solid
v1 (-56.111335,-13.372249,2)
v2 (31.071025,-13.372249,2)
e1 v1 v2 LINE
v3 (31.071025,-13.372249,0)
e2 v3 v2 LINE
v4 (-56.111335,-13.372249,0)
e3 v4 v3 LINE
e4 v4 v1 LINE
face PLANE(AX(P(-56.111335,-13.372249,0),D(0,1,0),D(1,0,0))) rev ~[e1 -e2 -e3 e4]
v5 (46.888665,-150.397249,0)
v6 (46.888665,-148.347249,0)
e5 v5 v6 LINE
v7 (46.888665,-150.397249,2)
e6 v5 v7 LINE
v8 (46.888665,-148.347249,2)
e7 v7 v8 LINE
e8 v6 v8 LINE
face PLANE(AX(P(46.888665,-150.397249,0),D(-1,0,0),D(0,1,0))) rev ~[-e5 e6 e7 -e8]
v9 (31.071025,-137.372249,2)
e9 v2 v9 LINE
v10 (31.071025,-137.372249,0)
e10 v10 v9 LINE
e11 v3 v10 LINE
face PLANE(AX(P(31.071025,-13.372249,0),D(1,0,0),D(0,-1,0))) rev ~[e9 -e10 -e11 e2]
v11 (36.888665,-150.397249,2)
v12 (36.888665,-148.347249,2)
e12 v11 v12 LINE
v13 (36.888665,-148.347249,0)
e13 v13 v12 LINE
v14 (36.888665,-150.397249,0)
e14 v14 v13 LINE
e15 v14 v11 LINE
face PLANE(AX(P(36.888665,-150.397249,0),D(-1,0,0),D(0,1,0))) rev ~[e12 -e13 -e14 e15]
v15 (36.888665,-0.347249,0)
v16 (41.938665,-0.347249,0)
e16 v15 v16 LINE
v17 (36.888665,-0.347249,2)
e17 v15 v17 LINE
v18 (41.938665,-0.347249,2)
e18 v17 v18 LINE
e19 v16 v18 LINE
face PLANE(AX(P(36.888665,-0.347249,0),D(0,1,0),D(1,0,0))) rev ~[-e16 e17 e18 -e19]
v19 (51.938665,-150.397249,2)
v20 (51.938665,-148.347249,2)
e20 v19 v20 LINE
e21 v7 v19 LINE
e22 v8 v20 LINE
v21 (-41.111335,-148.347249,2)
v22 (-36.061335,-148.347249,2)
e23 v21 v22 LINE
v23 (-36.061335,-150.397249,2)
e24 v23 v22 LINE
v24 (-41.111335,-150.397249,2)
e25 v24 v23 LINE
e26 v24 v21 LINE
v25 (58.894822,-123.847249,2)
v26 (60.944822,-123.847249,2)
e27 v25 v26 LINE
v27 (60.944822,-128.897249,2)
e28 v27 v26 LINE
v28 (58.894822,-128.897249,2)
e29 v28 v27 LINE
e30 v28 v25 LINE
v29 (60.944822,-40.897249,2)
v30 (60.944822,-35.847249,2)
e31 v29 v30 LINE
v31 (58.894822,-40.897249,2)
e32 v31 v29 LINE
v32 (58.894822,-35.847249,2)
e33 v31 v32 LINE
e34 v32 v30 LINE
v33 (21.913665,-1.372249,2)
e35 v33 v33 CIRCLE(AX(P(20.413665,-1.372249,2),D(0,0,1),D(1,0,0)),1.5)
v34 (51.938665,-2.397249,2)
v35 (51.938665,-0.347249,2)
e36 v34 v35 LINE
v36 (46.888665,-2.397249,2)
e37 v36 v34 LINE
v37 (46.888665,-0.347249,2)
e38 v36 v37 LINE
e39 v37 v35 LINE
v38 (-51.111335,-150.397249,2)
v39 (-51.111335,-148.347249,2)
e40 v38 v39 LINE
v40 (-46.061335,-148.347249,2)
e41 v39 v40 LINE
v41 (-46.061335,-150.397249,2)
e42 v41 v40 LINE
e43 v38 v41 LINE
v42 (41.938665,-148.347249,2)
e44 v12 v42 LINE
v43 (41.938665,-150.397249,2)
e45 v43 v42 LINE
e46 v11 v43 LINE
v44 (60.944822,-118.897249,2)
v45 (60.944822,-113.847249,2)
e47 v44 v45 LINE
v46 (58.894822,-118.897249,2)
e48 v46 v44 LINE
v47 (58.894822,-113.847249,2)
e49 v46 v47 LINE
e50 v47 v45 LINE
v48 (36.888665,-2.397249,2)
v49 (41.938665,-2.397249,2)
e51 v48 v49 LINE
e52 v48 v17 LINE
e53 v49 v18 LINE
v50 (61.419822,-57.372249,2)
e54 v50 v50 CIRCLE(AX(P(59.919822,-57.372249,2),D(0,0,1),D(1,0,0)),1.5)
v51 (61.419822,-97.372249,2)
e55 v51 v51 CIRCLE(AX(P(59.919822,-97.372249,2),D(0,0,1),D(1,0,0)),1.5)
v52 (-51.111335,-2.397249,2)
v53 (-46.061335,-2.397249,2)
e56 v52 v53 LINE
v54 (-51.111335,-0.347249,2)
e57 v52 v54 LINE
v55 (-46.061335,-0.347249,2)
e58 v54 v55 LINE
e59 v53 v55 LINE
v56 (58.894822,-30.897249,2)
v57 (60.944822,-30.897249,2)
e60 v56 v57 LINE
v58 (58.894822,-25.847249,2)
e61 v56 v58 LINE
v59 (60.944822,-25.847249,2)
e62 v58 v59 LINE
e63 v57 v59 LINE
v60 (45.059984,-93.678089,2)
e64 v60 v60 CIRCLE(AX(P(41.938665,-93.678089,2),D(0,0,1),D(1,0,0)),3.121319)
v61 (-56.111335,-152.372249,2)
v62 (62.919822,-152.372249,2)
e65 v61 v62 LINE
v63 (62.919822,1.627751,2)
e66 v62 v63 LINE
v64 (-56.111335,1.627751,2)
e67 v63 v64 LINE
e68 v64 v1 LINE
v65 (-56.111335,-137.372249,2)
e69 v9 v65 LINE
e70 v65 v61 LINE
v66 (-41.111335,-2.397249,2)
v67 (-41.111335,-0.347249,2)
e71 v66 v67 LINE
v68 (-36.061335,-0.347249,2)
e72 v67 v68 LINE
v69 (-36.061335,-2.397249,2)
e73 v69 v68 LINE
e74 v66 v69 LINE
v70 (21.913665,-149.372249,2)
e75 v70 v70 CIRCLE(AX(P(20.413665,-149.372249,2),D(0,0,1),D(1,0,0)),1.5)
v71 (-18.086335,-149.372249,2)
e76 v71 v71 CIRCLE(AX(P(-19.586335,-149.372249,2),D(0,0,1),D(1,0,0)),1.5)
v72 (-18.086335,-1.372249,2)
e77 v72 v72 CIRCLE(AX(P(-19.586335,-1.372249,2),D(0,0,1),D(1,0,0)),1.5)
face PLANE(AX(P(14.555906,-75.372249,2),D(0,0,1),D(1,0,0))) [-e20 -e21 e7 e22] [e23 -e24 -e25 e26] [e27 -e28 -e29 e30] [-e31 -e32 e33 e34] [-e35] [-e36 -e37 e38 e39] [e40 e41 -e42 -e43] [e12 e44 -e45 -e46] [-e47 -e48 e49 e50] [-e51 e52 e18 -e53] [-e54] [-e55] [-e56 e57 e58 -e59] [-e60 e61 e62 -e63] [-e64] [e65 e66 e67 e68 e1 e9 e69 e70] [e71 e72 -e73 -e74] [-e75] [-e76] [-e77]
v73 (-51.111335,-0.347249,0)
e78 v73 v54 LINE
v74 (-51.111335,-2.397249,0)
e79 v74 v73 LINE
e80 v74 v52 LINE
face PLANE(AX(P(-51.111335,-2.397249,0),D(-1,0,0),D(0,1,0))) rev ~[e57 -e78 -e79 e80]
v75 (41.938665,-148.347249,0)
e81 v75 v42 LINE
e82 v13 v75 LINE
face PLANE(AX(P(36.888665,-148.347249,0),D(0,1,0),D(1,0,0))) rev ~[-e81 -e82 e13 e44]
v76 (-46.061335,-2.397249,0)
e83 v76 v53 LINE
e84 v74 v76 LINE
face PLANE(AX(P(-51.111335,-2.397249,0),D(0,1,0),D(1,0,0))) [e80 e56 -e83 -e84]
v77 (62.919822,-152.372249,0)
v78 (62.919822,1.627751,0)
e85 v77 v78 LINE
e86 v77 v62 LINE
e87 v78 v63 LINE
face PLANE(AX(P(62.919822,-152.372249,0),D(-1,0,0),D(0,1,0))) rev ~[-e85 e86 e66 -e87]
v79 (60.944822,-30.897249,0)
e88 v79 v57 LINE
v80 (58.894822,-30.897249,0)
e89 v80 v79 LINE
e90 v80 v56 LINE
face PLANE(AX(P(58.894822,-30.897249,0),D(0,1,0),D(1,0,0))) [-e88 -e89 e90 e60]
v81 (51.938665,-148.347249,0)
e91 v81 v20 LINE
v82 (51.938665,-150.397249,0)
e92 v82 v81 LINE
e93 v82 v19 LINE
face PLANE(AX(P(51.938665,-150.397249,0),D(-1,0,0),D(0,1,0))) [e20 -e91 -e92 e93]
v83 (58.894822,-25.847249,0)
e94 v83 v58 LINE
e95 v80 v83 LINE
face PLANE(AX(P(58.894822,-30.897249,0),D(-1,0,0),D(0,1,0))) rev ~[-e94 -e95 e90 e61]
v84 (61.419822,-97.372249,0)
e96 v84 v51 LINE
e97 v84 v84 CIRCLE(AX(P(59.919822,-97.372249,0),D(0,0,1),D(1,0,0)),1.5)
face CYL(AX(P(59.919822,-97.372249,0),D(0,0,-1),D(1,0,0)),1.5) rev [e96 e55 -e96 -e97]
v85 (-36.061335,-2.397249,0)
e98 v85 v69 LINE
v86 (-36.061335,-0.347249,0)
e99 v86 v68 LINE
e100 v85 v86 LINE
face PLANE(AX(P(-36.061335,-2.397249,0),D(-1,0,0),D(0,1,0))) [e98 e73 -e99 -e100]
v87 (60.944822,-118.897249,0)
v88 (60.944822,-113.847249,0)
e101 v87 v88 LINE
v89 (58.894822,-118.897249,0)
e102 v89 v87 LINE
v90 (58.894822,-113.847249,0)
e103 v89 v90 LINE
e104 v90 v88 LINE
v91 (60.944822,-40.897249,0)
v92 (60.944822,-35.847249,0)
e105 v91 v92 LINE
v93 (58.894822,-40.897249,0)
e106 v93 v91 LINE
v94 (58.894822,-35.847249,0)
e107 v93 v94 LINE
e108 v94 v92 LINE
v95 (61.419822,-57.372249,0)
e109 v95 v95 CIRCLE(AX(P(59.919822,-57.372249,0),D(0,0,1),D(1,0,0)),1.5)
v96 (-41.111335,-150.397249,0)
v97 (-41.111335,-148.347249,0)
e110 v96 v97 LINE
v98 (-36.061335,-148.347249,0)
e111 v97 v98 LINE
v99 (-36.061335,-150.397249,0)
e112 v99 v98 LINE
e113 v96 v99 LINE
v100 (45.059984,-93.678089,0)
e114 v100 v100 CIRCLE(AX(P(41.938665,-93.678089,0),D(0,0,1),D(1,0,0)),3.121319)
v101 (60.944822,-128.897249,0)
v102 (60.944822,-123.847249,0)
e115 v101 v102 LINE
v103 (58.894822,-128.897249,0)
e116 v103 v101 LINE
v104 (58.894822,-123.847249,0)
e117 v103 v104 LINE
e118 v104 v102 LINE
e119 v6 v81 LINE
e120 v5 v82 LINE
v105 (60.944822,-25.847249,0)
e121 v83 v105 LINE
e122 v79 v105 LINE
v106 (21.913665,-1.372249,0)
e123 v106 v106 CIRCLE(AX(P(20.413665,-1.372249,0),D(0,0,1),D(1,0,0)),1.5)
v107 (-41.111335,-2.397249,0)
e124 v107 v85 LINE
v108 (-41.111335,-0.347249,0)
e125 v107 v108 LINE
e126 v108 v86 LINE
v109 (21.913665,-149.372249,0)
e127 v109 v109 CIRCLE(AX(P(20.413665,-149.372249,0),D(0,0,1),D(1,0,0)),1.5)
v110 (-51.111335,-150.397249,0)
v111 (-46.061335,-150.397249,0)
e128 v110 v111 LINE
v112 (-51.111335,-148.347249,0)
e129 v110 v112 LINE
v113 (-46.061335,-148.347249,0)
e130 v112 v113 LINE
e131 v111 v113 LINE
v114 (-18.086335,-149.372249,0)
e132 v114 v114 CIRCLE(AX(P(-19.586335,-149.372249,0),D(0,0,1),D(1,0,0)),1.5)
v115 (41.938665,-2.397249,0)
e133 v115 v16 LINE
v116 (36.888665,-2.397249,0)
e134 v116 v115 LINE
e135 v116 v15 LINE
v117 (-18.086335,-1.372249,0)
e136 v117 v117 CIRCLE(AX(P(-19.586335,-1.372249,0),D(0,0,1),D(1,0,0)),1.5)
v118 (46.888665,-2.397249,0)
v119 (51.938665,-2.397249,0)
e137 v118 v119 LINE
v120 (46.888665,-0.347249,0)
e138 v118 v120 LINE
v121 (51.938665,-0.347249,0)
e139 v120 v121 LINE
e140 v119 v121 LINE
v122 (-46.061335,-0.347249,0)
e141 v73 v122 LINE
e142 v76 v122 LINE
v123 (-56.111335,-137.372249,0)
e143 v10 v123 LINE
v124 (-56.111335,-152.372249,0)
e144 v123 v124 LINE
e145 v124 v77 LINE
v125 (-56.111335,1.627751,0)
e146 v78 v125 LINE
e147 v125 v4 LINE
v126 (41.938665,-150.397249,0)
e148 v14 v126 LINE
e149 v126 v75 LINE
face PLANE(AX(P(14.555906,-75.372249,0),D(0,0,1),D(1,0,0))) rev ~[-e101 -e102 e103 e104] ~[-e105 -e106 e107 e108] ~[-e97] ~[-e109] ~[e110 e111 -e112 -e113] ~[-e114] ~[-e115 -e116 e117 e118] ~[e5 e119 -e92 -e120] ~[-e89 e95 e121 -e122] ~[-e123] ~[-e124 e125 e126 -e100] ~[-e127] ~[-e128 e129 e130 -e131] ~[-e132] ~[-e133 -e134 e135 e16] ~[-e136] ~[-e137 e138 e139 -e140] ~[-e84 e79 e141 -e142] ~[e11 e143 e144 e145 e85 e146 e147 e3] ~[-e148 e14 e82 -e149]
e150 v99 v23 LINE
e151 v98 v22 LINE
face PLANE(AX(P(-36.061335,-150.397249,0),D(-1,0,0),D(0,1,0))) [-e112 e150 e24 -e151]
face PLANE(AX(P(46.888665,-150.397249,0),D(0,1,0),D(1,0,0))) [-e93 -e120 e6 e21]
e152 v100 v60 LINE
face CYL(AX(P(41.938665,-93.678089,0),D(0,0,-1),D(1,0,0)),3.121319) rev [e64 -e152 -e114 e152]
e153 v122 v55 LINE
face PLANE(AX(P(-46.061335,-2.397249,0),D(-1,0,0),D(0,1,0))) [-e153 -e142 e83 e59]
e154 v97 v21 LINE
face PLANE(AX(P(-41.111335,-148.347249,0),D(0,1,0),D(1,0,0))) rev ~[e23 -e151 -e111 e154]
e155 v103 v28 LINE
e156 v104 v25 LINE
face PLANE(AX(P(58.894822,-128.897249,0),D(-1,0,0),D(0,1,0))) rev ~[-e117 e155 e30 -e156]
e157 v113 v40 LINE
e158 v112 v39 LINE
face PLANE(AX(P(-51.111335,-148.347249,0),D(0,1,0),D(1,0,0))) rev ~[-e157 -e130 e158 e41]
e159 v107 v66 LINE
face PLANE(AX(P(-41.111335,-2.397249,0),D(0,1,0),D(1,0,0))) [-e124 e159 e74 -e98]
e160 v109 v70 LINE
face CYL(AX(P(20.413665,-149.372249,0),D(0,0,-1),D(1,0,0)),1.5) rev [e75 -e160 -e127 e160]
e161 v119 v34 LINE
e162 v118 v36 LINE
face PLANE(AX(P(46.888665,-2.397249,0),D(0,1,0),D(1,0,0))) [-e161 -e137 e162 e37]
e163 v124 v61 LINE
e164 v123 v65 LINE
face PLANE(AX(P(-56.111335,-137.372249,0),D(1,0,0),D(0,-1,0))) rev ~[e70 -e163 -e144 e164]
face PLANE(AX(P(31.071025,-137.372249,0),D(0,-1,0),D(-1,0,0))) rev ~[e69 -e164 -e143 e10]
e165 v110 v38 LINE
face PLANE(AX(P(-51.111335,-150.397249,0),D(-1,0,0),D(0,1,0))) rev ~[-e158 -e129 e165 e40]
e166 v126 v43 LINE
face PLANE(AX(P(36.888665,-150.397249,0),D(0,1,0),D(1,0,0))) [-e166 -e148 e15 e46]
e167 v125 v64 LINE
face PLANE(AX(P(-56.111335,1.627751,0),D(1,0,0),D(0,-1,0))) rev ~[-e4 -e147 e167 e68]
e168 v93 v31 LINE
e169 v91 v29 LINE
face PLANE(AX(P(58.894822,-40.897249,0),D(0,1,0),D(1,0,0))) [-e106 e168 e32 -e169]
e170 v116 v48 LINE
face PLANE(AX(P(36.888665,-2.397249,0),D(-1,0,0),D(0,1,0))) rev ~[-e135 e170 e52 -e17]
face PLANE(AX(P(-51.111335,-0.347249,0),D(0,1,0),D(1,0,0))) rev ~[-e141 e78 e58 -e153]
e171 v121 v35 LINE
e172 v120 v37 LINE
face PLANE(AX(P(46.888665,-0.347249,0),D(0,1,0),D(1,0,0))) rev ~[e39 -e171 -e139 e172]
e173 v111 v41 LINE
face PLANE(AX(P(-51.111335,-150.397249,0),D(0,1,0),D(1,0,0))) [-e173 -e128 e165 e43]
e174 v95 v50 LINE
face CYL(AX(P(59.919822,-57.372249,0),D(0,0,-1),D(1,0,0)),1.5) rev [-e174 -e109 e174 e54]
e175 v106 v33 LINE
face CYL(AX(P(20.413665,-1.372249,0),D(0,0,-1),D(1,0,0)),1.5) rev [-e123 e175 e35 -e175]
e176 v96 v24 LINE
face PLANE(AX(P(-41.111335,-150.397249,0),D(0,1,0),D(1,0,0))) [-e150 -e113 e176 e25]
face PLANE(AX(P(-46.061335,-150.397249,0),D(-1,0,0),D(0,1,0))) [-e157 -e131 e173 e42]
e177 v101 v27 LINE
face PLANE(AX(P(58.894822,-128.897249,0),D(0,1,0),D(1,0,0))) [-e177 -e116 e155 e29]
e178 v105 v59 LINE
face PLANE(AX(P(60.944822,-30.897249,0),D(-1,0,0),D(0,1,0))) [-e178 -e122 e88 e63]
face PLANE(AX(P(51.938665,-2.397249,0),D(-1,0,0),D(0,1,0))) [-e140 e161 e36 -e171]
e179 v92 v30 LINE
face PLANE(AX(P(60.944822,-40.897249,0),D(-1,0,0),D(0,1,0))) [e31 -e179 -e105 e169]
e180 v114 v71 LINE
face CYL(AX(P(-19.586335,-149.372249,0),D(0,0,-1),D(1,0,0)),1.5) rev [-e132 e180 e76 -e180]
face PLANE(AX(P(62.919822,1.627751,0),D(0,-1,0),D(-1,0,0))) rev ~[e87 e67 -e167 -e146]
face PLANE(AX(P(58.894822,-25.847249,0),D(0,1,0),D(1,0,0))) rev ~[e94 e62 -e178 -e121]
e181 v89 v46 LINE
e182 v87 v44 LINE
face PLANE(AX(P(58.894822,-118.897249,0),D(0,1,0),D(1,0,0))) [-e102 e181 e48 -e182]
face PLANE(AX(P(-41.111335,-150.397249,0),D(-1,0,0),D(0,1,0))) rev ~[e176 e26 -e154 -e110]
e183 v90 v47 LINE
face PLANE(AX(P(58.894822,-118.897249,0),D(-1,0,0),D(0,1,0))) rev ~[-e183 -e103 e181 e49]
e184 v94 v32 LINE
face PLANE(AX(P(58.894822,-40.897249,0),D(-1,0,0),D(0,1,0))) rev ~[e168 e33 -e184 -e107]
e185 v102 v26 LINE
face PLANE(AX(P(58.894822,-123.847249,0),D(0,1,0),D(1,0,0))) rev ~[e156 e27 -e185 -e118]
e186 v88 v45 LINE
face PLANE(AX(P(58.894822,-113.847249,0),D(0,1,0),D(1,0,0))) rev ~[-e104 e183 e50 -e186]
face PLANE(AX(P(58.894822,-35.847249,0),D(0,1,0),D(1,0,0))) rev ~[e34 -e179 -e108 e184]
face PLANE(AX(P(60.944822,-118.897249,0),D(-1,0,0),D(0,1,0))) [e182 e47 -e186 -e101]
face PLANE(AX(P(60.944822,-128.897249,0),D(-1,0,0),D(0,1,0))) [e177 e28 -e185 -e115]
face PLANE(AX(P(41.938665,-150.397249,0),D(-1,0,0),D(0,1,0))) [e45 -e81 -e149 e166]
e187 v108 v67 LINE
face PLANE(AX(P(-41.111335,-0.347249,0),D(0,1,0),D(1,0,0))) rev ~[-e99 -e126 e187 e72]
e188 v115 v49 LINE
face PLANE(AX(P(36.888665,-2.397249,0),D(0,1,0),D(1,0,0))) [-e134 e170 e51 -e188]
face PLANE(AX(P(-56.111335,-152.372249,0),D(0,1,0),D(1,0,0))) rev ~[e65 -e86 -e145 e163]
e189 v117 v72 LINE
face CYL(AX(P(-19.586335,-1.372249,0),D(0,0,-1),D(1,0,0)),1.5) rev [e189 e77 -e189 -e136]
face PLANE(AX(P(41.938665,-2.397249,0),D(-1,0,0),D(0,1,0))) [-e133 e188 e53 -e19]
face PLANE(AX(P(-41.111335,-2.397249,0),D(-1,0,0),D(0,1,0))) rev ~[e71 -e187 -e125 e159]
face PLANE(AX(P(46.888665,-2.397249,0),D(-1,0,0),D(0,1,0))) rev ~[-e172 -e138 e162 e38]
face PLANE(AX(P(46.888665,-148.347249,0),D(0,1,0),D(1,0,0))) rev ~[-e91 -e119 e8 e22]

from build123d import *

# Parameters (mm, degrees)
SKETCH_1_R      = 1.5
SKETCH_1_R_2    = 3.121318996
SKETCH_1_W      = 5.05
SKETCH_1_H      = 2.05
SKETCH_1_W_2    = 2.05
SKETCH_1_H_2    = 5.05
EXTRUDE_1_DEPTH = 2


with BuildPart() as part:
    # 草图1 → 凸台-拉伸1 (new body)
    with BuildSketch(Plane.XY):
        Polygon((-56.111334712, -13.372248853), (31.071025228, -13.372248853), (31.071025228, -137.372248853), (-56.111334712, -137.372248853), (-56.111334712, -152.372248853), (62.919821756, -152.372248853), (62.919821756, 1.627751147), (-56.111334712, 1.627751147), align=None)
        with Locations((-19.586334712, -1.372248853)):
            Circle(SKETCH_1_R, mode=Mode.SUBTRACT)
        with Locations((20.413665288, -1.372248853)):
            Circle(SKETCH_1_R, mode=Mode.SUBTRACT)
        with Locations((-19.586334712, -149.372248853)):
            Circle(SKETCH_1_R, mode=Mode.SUBTRACT)
        with Locations((20.413665288, -149.372248853)):
            Circle(SKETCH_1_R, mode=Mode.SUBTRACT)
        with Locations((59.919821756, -97.372248853)):
            Circle(SKETCH_1_R, mode=Mode.SUBTRACT)
        with Locations((59.919821756, -57.372248853)):
            Circle(SKETCH_1_R, mode=Mode.SUBTRACT)
        with Locations((41.938665288, -93.678088908)):
            Circle(SKETCH_1_R_2, mode=Mode.SUBTRACT)
        with Locations((39.413665288, -1.372248853)):
            Rectangle(SKETCH_1_W, SKETCH_1_H, mode=Mode.SUBTRACT)
        with Locations((49.413665288, -1.372248853)):
            Rectangle(SKETCH_1_W, SKETCH_1_H, mode=Mode.SUBTRACT)
        with Locations((-48.586334712, -1.372248853)):
            Rectangle(SKETCH_1_W, SKETCH_1_H, mode=Mode.SUBTRACT)
        with Locations((-38.586334712, -1.372248853)):
            Rectangle(SKETCH_1_W, SKETCH_1_H, mode=Mode.SUBTRACT)
        with Locations((39.413665288, -149.372248853)):
            Rectangle(SKETCH_1_W, SKETCH_1_H, mode=Mode.SUBTRACT)
        with Locations((49.413665288, -149.372248853)):
            Rectangle(SKETCH_1_W, SKETCH_1_H, mode=Mode.SUBTRACT)
        with Locations((-48.586334712, -149.372248853)):
            Rectangle(SKETCH_1_W, SKETCH_1_H, mode=Mode.SUBTRACT)
        with Locations((-38.586334712, -149.372248853)):
            Rectangle(SKETCH_1_W, SKETCH_1_H, mode=Mode.SUBTRACT)
        with Locations((59.919821756, -38.372248853)):
            Rectangle(SKETCH_1_W_2, SKETCH_1_H_2, mode=Mode.SUBTRACT)
        with Locations((59.919821756, -28.372248853)):
            Rectangle(SKETCH_1_W_2, SKETCH_1_H_2, mode=Mode.SUBTRACT)
        with Locations((59.919821756, -126.372248853)):
            Rectangle(SKETCH_1_W_2, SKETCH_1_H_2, mode=Mode.SUBTRACT)
        with Locations((59.919821756, -116.372248853)):
            Rectangle(SKETCH_1_W_2, SKETCH_1_H_2, mode=Mode.SUBTRACT)
    extrude(amount=EXTRUDE_1_DEPTH)


solid = part.part
